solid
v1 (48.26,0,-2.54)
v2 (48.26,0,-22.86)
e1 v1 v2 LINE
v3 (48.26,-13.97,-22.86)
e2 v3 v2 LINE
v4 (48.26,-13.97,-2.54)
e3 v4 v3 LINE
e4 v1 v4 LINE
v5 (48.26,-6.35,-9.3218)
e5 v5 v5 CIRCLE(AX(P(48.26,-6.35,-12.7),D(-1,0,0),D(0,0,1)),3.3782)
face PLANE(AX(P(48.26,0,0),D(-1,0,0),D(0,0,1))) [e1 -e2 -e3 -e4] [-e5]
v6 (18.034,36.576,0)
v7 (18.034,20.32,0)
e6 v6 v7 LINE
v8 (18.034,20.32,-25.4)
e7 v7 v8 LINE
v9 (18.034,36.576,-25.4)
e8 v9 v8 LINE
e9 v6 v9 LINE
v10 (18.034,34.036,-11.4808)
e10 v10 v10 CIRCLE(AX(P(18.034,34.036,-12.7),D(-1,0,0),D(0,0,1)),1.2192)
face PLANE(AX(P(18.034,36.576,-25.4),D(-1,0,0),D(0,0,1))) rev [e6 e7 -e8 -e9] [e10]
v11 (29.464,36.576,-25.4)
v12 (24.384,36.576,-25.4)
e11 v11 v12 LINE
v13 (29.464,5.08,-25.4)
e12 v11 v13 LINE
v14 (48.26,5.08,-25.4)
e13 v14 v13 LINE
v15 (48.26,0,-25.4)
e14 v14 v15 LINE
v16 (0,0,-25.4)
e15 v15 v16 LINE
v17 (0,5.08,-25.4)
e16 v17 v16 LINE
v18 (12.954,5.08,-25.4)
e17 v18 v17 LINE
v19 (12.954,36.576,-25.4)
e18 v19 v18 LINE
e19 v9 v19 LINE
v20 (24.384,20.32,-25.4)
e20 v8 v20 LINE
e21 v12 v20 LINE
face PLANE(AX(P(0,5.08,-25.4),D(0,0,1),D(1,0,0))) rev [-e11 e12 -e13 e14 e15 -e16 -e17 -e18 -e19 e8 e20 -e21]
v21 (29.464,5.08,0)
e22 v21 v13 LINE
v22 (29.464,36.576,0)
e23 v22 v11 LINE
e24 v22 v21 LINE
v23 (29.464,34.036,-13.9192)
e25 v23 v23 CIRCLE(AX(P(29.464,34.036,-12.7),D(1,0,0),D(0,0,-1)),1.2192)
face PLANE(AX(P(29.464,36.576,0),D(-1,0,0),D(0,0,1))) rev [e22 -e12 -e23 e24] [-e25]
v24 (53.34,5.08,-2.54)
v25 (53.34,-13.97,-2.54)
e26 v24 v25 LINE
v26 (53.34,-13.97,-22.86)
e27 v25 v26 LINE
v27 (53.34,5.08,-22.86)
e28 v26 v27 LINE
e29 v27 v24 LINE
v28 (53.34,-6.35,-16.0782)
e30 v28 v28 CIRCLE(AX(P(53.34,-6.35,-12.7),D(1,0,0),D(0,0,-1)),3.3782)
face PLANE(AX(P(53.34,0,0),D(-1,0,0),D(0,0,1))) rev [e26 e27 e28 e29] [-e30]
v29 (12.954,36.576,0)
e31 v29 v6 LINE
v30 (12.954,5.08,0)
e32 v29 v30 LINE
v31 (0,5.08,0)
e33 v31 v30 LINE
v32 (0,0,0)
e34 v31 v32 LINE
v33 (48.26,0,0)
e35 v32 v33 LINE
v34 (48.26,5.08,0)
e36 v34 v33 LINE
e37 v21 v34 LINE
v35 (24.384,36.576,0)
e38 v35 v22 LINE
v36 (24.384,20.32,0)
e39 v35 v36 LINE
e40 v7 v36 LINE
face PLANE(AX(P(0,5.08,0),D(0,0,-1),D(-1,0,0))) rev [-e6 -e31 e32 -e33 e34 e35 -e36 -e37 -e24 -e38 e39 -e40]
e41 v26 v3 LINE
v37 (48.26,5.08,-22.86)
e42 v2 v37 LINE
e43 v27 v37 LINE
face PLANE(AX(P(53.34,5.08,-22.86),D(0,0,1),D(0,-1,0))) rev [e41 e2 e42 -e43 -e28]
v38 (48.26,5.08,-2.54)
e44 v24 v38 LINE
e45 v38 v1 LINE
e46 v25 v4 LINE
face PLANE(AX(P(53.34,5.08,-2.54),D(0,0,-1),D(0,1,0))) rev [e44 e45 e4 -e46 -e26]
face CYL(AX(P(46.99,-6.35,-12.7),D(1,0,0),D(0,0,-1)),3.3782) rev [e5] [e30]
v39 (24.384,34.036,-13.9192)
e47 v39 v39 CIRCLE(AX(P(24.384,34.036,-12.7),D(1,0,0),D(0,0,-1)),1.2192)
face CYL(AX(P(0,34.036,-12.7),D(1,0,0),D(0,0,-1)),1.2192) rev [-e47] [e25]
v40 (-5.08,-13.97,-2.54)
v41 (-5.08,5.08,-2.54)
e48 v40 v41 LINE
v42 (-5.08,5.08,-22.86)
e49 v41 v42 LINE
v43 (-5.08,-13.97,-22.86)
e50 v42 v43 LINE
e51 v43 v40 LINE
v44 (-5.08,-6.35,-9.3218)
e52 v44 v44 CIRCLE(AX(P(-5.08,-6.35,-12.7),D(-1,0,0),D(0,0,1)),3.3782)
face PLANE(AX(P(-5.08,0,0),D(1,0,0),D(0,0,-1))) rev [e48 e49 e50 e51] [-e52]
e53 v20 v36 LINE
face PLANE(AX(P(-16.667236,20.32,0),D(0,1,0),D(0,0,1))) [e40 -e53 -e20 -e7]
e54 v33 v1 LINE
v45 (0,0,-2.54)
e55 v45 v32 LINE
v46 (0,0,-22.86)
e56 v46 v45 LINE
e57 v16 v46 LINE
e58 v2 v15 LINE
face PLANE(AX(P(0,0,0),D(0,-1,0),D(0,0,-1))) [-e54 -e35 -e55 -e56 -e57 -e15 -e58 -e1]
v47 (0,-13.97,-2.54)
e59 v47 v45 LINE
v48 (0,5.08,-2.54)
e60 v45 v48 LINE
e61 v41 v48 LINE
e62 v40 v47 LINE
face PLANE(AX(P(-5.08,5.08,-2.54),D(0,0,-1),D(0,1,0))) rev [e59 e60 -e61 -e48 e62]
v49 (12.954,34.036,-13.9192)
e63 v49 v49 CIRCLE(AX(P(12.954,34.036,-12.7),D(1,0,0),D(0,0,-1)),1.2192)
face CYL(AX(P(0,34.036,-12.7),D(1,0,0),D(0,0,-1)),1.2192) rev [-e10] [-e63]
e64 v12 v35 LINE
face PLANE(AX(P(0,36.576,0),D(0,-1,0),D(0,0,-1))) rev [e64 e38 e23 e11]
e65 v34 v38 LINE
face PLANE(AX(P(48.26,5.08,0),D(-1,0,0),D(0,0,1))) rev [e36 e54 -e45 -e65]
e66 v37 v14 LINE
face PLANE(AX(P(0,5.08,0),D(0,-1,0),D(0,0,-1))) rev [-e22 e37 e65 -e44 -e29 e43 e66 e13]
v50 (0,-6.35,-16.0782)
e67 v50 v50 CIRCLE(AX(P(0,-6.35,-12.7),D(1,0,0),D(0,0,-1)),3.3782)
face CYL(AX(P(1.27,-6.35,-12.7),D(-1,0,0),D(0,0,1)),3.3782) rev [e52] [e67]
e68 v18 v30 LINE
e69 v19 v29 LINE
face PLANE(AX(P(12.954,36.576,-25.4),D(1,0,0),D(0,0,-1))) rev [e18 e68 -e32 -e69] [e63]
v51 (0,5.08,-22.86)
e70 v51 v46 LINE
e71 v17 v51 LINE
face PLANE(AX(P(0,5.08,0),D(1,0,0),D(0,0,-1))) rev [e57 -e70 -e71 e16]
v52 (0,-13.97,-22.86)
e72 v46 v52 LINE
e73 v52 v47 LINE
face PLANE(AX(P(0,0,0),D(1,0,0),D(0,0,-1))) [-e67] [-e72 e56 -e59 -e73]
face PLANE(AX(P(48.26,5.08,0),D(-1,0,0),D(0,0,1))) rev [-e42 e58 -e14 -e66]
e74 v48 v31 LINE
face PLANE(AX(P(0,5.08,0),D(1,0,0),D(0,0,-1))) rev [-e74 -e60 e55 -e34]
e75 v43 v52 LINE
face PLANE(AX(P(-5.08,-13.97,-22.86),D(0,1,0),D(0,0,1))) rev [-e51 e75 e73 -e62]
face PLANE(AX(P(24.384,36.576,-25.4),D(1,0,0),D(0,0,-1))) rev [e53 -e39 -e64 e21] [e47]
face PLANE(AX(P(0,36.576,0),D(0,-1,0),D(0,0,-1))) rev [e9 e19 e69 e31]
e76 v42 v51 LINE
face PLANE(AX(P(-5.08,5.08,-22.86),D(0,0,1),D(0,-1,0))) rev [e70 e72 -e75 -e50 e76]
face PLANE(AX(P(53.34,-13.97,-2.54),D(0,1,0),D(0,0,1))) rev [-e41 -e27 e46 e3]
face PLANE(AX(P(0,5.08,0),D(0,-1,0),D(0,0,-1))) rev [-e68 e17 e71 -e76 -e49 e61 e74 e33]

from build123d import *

# Parameters (mm, degrees)
SKETCH1_W           = 48.26
SKETCH1_H           = 25.4
BOSS_EXTRUDE1_DEPTH = 5.08
SKETCH3_W           = 5.08
SKETCH3_H           = 25.4
BOSS_EXTRUDE2_DEPTH = 31.496
SKETCH4_R           = 1.2192
CUT_EXTRUDE2_DEPTH  = 30.464
SKETCH5_W           = 25.4
SKETCH5_H           = 15.24
BOSS_EXTRUDE3_DEPTH = 16.51
SKETCH6_W           = 20.32
SKETCH6_H           = 19.05
BOSS_EXTRUDE4_DEPTH = 5.08
SKETCH7_W           = 20.32
SKETCH7_H           = 19.05
BOSS_EXTRUDE5_DEPTH = 5.08
SKETCH8_R           = 3.3782
CUT_EXTRUDE3_DEPTH  = 6.35
SKETCH9_R           = 3.3782
CUT_EXTRUDE4_DEPTH  = 6.35


with BuildPart() as part:
    # Sketch1 → Boss-Extrude1 (new body)
    with BuildSketch(Plane(origin=(0, 0, 0), x_dir=(1, 0, 0), z_dir=(0, 1, 0))):
        with Locations((24.13, 12.7)):
            Rectangle(SKETCH1_W, SKETCH1_H)
    extrude(amount=BOSS_EXTRUDE1_DEPTH)

    # Sketch3 → Boss-Extrude2 (add)
    with BuildSketch(Plane(origin=(0, 5.08, 0), x_dir=(1, 0, 0), z_dir=(0, 1, 0))):
        with Locations((26.924, 12.7)):
            Rectangle(SKETCH3_W, SKETCH3_H)
        with Locations((15.494, 12.7)):
            Rectangle(SKETCH3_W, SKETCH3_H)
    extrude(amount=BOSS_EXTRUDE2_DEPTH)

    # Sketch4 → Cut-Extrude2 (cut, through all)
    with BuildSketch(Plane(origin=(29.464, 0, 0), x_dir=(0, 0, -1), z_dir=(1, 0, 0))):
        with Locations((12.7, 34.036)):
            Circle(SKETCH4_R)
    extrude(amount=-CUT_EXTRUDE2_DEPTH, mode=Mode.SUBTRACT)

    # Sketch5 → Boss-Extrude3 (add)
    with BuildSketch(Plane(origin=(29.464, 0, 0), x_dir=(0, 0, -1), z_dir=(1, 0, 0))):
        with Locations((12.7, 12.7)):
            Rectangle(SKETCH5_W, SKETCH5_H)
    extrude(amount=-BOSS_EXTRUDE3_DEPTH)

    # Sketch6 → Boss-Extrude4 (add)
    with BuildSketch(Plane.ZY):
        with Locations((-12.7, -4.445)):
            Rectangle(SKETCH6_W, SKETCH6_H)
    extrude(amount=BOSS_EXTRUDE4_DEPTH)

    # Sketch7 → Boss-Extrude5 (add)
    with BuildSketch(Plane(origin=(48.26, 0, 0), x_dir=(0, 0, -1), z_dir=(1, 0, 0))):
        with Locations((12.7, -4.445)):
            Rectangle(SKETCH7_W, SKETCH7_H)
    extrude(amount=BOSS_EXTRUDE5_DEPTH)

    # Sketch8 → Cut-Extrude3 (cut)
    with BuildSketch(Plane(origin=(53.34, 0, 0), x_dir=(0, 0, -1), z_dir=(1, 0, 0))):
        with Locations((12.7, -6.35)):
            Circle(SKETCH8_R)
    extrude(amount=-CUT_EXTRUDE3_DEPTH, mode=Mode.SUBTRACT)

    # Sketch9 → Cut-Extrude4 (cut)
    with BuildSketch(Plane.ZY.offset(5.08)):
        with Locations((-12.7, -6.35)):
            Circle(SKETCH9_R)
    extrude(amount=-CUT_EXTRUDE4_DEPTH, mode=Mode.SUBTRACT)


solid = part.part
